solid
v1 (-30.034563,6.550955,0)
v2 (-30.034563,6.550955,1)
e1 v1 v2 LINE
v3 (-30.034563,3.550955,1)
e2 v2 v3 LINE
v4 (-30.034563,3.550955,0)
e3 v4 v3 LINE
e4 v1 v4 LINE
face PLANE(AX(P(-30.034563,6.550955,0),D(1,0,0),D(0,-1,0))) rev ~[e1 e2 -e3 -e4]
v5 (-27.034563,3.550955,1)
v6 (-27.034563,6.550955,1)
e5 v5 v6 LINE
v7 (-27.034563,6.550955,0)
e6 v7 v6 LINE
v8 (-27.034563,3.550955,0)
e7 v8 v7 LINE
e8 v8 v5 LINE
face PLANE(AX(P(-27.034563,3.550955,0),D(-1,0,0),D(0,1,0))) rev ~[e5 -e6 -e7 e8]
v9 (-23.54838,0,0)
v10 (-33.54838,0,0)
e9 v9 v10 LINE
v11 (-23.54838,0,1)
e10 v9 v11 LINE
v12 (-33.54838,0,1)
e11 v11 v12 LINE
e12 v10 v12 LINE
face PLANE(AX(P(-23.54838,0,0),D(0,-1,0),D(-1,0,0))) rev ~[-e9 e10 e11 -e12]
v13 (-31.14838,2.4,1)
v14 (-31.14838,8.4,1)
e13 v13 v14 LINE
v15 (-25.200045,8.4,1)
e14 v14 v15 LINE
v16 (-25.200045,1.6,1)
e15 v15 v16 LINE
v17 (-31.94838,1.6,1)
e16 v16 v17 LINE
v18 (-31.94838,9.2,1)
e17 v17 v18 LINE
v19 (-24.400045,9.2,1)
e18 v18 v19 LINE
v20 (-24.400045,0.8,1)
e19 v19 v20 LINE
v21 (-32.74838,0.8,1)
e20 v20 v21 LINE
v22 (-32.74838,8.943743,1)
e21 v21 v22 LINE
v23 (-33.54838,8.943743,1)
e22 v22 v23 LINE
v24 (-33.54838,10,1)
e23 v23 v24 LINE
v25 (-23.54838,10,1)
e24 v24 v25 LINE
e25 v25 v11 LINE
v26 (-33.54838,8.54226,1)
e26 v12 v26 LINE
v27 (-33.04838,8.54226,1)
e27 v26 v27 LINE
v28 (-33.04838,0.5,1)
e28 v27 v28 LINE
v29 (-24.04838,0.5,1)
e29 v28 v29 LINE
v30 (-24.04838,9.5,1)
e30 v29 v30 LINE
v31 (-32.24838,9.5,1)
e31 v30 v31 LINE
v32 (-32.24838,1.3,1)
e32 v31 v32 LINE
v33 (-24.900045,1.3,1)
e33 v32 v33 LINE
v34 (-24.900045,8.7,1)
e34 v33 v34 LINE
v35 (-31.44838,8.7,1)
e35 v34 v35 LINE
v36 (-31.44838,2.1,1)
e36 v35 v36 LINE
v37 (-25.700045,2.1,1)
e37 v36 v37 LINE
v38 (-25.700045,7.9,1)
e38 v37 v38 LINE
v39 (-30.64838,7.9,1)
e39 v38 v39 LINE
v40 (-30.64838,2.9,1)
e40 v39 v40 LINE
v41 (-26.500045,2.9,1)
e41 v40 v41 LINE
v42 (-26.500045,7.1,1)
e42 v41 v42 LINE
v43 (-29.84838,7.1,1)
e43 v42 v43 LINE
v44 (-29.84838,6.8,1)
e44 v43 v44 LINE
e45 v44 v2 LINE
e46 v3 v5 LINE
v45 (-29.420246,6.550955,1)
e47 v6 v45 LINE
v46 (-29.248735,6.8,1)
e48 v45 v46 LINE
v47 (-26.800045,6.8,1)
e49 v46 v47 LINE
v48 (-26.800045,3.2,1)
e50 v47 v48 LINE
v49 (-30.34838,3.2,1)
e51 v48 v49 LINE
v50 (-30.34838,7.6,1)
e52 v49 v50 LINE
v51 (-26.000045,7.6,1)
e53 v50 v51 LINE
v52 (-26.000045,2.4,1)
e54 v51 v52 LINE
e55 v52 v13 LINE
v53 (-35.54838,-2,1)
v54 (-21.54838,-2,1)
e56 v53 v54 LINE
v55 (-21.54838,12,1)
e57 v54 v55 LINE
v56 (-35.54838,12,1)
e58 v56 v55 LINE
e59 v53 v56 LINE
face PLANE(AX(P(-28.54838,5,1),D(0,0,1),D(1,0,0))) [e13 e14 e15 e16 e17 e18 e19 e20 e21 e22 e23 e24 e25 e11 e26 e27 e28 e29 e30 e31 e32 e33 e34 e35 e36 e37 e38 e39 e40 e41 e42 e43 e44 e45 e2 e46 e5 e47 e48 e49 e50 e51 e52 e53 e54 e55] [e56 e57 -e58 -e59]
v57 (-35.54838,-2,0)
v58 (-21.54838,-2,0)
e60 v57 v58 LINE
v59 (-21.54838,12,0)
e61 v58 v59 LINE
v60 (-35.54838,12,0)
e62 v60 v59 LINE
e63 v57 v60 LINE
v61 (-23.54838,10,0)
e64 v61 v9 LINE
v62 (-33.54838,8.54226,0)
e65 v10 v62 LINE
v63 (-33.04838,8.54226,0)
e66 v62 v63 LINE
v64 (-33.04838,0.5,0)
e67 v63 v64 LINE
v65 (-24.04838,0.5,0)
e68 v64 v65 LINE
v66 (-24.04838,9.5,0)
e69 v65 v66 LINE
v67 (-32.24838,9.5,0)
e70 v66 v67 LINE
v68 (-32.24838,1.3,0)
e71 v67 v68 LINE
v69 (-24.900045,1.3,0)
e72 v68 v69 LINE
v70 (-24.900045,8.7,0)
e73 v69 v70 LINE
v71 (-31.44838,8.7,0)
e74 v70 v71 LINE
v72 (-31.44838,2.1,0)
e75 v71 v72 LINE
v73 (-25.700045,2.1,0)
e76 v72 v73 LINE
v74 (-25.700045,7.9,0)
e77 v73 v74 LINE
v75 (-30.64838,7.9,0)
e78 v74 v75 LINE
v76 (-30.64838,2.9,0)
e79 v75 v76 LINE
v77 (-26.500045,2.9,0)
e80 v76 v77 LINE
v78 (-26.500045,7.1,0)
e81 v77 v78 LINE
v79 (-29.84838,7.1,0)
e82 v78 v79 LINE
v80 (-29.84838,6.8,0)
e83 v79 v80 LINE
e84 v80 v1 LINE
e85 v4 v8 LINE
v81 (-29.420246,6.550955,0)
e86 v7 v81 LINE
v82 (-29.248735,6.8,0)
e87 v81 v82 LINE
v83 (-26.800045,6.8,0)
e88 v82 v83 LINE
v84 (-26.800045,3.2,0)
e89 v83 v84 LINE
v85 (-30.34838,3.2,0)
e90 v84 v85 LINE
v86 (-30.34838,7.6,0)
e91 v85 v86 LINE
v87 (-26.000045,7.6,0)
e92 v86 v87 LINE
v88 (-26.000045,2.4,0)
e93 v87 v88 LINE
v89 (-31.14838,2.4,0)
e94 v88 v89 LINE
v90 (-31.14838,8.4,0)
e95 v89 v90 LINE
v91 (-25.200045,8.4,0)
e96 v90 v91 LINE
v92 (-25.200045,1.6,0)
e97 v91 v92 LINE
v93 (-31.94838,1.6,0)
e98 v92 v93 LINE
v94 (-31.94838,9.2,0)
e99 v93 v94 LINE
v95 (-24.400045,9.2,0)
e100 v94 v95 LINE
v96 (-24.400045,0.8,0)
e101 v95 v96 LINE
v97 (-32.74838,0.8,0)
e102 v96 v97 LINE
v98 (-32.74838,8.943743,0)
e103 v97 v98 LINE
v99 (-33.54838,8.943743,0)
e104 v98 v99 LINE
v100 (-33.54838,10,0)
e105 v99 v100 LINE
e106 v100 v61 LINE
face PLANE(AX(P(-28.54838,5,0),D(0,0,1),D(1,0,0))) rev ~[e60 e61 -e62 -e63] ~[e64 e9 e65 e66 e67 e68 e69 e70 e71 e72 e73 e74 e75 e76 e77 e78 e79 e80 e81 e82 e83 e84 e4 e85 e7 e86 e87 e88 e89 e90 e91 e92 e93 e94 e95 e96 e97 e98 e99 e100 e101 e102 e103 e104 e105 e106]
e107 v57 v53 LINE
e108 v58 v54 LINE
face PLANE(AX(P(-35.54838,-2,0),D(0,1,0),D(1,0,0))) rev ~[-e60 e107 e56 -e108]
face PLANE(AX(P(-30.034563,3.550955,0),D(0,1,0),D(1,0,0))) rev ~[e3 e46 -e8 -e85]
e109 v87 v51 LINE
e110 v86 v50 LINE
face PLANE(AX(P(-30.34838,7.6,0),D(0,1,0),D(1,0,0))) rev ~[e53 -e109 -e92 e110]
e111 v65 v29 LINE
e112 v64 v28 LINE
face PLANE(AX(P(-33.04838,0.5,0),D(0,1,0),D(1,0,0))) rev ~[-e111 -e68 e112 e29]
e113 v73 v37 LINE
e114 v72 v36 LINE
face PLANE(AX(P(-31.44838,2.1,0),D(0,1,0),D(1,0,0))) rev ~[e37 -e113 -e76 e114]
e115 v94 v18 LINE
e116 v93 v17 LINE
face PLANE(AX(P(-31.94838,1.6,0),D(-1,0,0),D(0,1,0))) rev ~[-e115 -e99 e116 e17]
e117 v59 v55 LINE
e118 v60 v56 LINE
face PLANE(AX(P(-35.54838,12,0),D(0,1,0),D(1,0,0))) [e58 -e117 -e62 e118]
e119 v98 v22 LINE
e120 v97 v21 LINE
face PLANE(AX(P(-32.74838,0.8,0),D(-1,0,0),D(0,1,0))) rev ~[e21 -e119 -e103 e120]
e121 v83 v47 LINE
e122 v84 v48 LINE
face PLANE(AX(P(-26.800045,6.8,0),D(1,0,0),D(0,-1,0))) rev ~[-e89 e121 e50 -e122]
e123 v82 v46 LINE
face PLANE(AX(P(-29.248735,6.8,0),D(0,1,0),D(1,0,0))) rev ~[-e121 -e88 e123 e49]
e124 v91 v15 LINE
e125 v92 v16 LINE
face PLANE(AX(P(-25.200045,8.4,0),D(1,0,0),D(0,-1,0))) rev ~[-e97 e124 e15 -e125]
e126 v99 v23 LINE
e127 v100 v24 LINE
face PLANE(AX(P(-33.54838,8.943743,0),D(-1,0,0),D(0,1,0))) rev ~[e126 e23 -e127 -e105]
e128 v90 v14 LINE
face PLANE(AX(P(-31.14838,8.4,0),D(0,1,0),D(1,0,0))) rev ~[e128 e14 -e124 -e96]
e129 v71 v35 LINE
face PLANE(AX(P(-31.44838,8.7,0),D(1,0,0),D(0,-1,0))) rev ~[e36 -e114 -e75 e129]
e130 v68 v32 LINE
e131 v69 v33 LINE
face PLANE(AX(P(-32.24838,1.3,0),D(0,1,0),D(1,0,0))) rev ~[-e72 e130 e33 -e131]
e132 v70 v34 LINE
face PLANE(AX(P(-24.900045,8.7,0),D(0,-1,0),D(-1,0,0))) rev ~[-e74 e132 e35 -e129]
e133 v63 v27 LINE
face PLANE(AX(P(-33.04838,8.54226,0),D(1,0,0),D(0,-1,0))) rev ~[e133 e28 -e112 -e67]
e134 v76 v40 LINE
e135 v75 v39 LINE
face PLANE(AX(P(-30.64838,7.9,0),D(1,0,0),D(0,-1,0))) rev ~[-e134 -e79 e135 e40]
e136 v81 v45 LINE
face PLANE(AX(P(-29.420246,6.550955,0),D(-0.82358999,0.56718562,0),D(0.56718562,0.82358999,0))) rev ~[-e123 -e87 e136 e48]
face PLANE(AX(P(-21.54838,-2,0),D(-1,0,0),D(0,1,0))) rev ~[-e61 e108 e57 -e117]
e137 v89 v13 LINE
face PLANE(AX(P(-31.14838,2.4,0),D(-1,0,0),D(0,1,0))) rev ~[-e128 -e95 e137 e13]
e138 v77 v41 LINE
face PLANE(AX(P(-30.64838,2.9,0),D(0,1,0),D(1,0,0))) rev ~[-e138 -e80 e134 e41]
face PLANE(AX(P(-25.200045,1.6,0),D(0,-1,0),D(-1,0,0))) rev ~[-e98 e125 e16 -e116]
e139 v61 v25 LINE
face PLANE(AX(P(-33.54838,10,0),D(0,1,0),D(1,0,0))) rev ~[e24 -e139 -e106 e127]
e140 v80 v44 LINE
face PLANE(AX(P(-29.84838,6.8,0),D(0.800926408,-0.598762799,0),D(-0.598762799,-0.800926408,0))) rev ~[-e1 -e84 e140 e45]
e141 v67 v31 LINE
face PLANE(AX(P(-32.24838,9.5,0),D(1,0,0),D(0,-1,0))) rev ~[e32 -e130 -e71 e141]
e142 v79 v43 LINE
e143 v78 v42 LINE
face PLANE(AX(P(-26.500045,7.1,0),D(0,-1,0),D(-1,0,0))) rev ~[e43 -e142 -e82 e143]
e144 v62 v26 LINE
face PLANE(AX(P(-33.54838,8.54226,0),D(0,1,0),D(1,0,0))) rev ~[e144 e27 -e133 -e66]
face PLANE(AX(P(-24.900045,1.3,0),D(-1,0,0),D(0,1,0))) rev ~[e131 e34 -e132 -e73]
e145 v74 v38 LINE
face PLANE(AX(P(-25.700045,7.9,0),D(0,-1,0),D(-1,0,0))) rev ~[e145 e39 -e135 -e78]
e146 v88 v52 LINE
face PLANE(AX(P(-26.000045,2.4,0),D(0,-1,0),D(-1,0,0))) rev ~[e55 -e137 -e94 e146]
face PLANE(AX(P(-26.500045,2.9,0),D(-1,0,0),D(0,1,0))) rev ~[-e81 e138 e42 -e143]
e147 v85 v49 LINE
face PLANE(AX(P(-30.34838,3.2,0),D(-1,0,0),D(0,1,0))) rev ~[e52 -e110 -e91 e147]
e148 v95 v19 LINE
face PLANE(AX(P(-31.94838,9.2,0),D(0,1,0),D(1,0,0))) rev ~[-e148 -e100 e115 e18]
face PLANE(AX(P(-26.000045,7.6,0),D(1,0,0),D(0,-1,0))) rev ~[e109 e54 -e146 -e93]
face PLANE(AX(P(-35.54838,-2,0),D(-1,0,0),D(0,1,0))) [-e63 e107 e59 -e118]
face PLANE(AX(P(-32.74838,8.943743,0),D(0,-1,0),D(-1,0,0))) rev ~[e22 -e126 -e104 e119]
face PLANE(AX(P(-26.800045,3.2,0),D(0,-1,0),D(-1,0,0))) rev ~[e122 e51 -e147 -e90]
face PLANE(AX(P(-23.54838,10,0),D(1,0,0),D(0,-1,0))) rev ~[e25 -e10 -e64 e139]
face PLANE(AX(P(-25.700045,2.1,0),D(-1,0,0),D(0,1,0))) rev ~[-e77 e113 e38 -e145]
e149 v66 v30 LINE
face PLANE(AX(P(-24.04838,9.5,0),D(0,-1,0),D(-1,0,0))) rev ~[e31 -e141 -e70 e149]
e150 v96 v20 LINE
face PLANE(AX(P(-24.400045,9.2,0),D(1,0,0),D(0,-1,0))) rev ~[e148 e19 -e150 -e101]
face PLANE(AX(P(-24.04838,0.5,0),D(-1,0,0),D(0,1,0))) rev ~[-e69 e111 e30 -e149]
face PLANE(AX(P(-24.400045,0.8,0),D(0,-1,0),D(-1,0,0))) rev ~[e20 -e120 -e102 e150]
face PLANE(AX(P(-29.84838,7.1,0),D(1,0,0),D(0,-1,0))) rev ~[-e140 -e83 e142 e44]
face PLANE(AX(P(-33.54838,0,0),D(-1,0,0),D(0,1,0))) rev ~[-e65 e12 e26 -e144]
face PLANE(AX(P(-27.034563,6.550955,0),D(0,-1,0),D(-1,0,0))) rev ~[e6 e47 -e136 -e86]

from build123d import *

# Parameters (mm, degrees)
F0_W     = 14
F0_H     = 14
F1_DEPTH = 1


with BuildPart() as f1:
    # F0 (on Top) → F1 (new body)
    with BuildSketch(Plane.XY):
        with Locations((-28.54838, 5)):
            Rectangle(F0_W, F0_H)
        Polygon((-33.54838, 8.943743), (-33.54838, 10), (-23.54838, 10), (-23.54838, 0), (-33.54838, 0), (-33.54838, 8.54226), align=None, mode=Mode.SUBTRACT)
        Polygon((-33.04838, 8.943743), (-33.54838, 8.943743), (-33.54838, 8.54226), (-33.04838, 8.54226), (-33.04838, 0.8), (-33.04838, 0.5), (-24.04838, 0.5), (-24.04838, 0.8), (-24.04838, 9.5), (-24.400045, 9.5), (-32.24838, 9.5), (-32.24838, 9.2), (-32.24838, 1.3), (-31.94838, 1.3), (-24.900045, 1.3), (-24.900045, 1.6), (-24.900045, 8.7), (-25.200045, 8.7), (-31.44838, 8.7), (-31.44838, 8.4), (-31.44838, 2.1), (-31.14838, 2.1), (-25.700045, 2.1), (-25.700045, 2.4), (-25.700045, 7.9), (-26.000045, 7.9), (-30.64838, 7.9), (-30.64838, 7.6), (-30.64838, 2.9), (-30.34838, 2.9), (-26.500045, 2.9), (-26.500045, 3.2), (-26.500045, 7.1), (-26.800045, 7.1), (-29.84838, 7.1), (-29.84838, 6.8), (-30.034563, 6.550955), (-30.034563, 3.550955), (-27.034563, 3.550955), (-27.034563, 6.550955), (-29.420246, 6.550955), (-29.248735, 6.8), (-26.800045, 6.8), (-26.800045, 3.2), (-30.34838, 3.2), (-30.34838, 7.6), (-26.000045, 7.6), (-26.000045, 2.4), (-31.14838, 2.4), (-31.14838, 8.4), (-25.200045, 8.4), (-25.200045, 1.6), (-31.94838, 1.6), (-31.94838, 9.2), (-24.400045, 9.2), (-24.400045, 0.8), (-32.74838, 0.8), (-32.74838, 8.943743), align=None)
    extrude(amount=F1_DEPTH)


solid = f1.part
